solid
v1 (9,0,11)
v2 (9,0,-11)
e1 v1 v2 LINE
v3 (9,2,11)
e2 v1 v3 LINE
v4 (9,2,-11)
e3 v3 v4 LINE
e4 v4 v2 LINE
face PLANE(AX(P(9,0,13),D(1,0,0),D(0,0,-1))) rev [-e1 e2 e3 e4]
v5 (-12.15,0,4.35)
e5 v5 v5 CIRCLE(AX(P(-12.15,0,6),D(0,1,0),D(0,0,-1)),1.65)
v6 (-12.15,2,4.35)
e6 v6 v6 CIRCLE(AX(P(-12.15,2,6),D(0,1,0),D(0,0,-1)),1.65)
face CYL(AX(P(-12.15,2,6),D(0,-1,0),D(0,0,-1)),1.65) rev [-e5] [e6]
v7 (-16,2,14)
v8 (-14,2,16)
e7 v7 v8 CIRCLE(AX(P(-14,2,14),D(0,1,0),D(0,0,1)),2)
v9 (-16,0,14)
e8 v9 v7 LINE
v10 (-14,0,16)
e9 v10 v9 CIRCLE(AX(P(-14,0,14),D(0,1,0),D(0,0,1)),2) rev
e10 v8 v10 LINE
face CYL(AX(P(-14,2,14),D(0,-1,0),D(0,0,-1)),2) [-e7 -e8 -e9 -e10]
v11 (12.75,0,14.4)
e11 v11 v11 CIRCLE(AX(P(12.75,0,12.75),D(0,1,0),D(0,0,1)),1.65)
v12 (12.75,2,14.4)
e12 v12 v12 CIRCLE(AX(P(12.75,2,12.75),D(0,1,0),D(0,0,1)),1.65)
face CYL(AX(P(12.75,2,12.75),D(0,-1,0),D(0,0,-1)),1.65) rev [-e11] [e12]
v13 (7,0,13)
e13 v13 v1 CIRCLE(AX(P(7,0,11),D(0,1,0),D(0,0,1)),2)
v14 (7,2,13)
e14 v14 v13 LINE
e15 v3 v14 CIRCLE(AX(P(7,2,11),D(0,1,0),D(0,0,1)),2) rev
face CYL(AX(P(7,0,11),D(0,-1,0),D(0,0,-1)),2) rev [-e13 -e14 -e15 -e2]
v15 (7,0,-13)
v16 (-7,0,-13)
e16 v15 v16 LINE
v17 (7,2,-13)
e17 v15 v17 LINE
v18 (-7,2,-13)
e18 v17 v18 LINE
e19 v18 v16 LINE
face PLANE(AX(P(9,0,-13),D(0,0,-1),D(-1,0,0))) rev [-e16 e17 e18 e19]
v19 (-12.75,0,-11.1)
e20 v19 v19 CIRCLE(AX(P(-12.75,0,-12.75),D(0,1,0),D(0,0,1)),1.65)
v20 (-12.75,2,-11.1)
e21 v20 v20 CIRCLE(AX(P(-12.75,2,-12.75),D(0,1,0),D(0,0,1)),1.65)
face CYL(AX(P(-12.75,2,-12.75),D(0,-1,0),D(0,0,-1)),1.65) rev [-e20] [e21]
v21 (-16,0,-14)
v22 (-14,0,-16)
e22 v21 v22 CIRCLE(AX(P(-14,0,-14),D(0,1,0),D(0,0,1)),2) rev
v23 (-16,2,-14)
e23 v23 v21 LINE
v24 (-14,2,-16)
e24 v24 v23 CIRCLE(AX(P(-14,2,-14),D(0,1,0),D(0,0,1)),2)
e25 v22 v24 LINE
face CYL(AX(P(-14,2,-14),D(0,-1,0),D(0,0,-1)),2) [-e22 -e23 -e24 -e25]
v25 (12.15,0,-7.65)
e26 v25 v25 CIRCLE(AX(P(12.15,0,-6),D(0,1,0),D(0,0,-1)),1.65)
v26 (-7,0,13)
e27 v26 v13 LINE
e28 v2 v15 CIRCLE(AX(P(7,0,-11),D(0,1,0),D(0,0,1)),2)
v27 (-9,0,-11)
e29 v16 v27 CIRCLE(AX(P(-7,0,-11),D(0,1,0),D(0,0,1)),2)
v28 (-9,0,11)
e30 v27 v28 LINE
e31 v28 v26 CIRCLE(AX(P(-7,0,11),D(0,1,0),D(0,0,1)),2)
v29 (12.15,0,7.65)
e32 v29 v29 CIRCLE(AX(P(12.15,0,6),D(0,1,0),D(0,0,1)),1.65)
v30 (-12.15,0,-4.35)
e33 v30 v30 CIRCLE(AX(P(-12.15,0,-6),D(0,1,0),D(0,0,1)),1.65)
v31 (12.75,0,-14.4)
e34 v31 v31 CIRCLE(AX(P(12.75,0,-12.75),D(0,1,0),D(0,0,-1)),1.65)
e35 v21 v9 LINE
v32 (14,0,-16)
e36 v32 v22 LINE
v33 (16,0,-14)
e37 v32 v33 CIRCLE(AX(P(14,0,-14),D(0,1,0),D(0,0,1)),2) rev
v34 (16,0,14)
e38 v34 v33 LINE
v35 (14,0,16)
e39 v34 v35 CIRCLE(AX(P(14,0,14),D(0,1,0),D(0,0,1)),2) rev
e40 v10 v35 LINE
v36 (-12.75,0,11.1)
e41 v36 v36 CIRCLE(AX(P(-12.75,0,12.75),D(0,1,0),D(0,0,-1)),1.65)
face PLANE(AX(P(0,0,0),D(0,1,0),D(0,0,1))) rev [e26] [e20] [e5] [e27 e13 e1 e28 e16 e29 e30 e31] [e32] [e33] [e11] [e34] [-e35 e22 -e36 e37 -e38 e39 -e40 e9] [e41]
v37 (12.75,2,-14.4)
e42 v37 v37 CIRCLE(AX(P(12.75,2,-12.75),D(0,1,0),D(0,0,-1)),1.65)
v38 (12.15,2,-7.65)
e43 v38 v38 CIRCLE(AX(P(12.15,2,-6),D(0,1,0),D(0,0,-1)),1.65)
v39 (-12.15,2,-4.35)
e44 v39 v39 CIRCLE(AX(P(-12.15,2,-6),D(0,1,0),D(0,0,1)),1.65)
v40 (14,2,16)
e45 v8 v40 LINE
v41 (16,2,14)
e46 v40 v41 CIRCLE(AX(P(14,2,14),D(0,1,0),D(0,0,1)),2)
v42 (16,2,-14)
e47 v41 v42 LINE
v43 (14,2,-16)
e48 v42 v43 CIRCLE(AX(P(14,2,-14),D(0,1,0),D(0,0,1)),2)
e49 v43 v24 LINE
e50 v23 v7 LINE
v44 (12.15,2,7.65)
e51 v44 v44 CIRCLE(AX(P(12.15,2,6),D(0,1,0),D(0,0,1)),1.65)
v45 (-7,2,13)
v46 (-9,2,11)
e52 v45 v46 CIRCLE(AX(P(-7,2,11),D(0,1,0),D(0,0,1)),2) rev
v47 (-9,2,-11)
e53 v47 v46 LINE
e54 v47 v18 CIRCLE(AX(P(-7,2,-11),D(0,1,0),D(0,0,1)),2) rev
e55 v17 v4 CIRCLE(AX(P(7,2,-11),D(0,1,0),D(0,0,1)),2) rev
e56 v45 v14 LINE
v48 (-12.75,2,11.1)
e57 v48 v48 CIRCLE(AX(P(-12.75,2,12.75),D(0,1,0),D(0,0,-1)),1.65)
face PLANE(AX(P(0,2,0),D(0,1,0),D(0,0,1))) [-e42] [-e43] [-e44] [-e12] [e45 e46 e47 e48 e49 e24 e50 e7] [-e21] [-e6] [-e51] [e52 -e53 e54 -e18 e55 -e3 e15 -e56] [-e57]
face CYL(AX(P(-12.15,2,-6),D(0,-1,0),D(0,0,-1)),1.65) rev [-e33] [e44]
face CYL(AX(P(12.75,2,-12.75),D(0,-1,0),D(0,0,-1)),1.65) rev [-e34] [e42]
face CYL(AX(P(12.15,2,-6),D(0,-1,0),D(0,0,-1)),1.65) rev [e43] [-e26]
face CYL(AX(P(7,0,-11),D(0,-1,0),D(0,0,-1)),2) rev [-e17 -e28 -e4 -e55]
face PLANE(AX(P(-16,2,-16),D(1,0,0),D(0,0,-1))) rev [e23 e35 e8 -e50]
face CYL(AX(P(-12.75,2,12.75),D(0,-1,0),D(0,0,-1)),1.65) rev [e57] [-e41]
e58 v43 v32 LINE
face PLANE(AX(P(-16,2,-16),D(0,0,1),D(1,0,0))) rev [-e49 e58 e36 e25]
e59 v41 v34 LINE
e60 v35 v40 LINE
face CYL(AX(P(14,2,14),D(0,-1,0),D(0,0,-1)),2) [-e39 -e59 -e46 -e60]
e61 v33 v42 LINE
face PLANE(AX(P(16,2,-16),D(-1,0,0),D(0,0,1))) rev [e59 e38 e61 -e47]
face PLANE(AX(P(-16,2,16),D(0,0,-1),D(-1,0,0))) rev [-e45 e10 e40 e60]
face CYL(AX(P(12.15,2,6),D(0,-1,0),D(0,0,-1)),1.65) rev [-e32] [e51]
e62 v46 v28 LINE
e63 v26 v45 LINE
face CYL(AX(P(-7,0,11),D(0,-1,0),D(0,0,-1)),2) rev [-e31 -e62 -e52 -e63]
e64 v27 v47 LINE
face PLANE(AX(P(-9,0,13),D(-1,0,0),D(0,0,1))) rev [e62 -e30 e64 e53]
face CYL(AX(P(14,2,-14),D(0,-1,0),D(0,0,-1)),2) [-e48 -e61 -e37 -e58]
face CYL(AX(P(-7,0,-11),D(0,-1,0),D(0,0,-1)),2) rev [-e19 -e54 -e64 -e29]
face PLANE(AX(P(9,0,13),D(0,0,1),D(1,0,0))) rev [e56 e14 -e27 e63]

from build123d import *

# Parameters (mm, degrees)
SKETCH_1_W          = 32
SKETCH_1_H          = 32
SKETCH_1_R          = 1.65
EXTRUDE_1_DEPTH     = 2
SKETCH_2_W          = 18
SKETCH_2_H          = 26
CUT_EXTRUDE_1_DEPTH = 23.715633383
FILLET_1_R          = 2


with BuildPart() as part:
    # 草图1 → 凸台-拉伸1 (new body)
    with BuildSketch(Plane(origin=(0, 0, 0), x_dir=(1, 0, 0), z_dir=(0, 1, 0))):
        Rectangle(SKETCH_1_W, SKETCH_1_H)
        with Locations(Location((-12.75, 12.75, 0), (0, 0, 270))):
            Circle(SKETCH_1_R, mode=Mode.SUBTRACT)
        with Locations(Location((12.75, 12.75, 0), (0, 0, 90))):
            Circle(SKETCH_1_R, mode=Mode.SUBTRACT)
        with Locations(Location((12.75, -12.75, 0), (0, 0, 270))):
            Circle(SKETCH_1_R, mode=Mode.SUBTRACT)
        with Locations(Location((-12.75, -12.75, 0), (0, 0, 90))):
            Circle(SKETCH_1_R, mode=Mode.SUBTRACT)
        with Locations(Location((-12.15, 6, 0), (0, 0, 270))):
            Circle(SKETCH_1_R, mode=Mode.SUBTRACT)
        with Locations(Location((-12.15, -6, 0), (0, 0, 90))):
            Circle(SKETCH_1_R, mode=Mode.SUBTRACT)
        with Locations(Location((12.15, -6, 0), (0, 0, 270))):
            Circle(SKETCH_1_R, mode=Mode.SUBTRACT)
        with Locations(Location((12.15, 6, 0), (0, 0, 90))):
            Circle(SKETCH_1_R, mode=Mode.SUBTRACT)
    extrude(amount=EXTRUDE_1_DEPTH)

    # 草图2 → 切除-拉伸1 (cut, through all)
    with BuildSketch(Plane(origin=(0, 2, 0), x_dir=(1, 0, 0), z_dir=(0, 1, 0))):
        Rectangle(SKETCH_2_W, SKETCH_2_H)
    extrude(amount=-CUT_EXTRUDE_1_DEPTH, mode=Mode.SUBTRACT)

    # 圆角1
    fillet_1_edges = [part.edges().sort_by_distance(p)[0] for p in [
        (-9, 1, 13),
        (-9, 1, -13),
        (9, 1, -13),
        (9, 1, 13),
        (16, 1, 16),
        (-16, 1, 16),
        (-16, 1, -16),
        (16, 1, -16),
    ]]
    fillet(fillet_1_edges, radius=FILLET_1_R)


solid = part.part
